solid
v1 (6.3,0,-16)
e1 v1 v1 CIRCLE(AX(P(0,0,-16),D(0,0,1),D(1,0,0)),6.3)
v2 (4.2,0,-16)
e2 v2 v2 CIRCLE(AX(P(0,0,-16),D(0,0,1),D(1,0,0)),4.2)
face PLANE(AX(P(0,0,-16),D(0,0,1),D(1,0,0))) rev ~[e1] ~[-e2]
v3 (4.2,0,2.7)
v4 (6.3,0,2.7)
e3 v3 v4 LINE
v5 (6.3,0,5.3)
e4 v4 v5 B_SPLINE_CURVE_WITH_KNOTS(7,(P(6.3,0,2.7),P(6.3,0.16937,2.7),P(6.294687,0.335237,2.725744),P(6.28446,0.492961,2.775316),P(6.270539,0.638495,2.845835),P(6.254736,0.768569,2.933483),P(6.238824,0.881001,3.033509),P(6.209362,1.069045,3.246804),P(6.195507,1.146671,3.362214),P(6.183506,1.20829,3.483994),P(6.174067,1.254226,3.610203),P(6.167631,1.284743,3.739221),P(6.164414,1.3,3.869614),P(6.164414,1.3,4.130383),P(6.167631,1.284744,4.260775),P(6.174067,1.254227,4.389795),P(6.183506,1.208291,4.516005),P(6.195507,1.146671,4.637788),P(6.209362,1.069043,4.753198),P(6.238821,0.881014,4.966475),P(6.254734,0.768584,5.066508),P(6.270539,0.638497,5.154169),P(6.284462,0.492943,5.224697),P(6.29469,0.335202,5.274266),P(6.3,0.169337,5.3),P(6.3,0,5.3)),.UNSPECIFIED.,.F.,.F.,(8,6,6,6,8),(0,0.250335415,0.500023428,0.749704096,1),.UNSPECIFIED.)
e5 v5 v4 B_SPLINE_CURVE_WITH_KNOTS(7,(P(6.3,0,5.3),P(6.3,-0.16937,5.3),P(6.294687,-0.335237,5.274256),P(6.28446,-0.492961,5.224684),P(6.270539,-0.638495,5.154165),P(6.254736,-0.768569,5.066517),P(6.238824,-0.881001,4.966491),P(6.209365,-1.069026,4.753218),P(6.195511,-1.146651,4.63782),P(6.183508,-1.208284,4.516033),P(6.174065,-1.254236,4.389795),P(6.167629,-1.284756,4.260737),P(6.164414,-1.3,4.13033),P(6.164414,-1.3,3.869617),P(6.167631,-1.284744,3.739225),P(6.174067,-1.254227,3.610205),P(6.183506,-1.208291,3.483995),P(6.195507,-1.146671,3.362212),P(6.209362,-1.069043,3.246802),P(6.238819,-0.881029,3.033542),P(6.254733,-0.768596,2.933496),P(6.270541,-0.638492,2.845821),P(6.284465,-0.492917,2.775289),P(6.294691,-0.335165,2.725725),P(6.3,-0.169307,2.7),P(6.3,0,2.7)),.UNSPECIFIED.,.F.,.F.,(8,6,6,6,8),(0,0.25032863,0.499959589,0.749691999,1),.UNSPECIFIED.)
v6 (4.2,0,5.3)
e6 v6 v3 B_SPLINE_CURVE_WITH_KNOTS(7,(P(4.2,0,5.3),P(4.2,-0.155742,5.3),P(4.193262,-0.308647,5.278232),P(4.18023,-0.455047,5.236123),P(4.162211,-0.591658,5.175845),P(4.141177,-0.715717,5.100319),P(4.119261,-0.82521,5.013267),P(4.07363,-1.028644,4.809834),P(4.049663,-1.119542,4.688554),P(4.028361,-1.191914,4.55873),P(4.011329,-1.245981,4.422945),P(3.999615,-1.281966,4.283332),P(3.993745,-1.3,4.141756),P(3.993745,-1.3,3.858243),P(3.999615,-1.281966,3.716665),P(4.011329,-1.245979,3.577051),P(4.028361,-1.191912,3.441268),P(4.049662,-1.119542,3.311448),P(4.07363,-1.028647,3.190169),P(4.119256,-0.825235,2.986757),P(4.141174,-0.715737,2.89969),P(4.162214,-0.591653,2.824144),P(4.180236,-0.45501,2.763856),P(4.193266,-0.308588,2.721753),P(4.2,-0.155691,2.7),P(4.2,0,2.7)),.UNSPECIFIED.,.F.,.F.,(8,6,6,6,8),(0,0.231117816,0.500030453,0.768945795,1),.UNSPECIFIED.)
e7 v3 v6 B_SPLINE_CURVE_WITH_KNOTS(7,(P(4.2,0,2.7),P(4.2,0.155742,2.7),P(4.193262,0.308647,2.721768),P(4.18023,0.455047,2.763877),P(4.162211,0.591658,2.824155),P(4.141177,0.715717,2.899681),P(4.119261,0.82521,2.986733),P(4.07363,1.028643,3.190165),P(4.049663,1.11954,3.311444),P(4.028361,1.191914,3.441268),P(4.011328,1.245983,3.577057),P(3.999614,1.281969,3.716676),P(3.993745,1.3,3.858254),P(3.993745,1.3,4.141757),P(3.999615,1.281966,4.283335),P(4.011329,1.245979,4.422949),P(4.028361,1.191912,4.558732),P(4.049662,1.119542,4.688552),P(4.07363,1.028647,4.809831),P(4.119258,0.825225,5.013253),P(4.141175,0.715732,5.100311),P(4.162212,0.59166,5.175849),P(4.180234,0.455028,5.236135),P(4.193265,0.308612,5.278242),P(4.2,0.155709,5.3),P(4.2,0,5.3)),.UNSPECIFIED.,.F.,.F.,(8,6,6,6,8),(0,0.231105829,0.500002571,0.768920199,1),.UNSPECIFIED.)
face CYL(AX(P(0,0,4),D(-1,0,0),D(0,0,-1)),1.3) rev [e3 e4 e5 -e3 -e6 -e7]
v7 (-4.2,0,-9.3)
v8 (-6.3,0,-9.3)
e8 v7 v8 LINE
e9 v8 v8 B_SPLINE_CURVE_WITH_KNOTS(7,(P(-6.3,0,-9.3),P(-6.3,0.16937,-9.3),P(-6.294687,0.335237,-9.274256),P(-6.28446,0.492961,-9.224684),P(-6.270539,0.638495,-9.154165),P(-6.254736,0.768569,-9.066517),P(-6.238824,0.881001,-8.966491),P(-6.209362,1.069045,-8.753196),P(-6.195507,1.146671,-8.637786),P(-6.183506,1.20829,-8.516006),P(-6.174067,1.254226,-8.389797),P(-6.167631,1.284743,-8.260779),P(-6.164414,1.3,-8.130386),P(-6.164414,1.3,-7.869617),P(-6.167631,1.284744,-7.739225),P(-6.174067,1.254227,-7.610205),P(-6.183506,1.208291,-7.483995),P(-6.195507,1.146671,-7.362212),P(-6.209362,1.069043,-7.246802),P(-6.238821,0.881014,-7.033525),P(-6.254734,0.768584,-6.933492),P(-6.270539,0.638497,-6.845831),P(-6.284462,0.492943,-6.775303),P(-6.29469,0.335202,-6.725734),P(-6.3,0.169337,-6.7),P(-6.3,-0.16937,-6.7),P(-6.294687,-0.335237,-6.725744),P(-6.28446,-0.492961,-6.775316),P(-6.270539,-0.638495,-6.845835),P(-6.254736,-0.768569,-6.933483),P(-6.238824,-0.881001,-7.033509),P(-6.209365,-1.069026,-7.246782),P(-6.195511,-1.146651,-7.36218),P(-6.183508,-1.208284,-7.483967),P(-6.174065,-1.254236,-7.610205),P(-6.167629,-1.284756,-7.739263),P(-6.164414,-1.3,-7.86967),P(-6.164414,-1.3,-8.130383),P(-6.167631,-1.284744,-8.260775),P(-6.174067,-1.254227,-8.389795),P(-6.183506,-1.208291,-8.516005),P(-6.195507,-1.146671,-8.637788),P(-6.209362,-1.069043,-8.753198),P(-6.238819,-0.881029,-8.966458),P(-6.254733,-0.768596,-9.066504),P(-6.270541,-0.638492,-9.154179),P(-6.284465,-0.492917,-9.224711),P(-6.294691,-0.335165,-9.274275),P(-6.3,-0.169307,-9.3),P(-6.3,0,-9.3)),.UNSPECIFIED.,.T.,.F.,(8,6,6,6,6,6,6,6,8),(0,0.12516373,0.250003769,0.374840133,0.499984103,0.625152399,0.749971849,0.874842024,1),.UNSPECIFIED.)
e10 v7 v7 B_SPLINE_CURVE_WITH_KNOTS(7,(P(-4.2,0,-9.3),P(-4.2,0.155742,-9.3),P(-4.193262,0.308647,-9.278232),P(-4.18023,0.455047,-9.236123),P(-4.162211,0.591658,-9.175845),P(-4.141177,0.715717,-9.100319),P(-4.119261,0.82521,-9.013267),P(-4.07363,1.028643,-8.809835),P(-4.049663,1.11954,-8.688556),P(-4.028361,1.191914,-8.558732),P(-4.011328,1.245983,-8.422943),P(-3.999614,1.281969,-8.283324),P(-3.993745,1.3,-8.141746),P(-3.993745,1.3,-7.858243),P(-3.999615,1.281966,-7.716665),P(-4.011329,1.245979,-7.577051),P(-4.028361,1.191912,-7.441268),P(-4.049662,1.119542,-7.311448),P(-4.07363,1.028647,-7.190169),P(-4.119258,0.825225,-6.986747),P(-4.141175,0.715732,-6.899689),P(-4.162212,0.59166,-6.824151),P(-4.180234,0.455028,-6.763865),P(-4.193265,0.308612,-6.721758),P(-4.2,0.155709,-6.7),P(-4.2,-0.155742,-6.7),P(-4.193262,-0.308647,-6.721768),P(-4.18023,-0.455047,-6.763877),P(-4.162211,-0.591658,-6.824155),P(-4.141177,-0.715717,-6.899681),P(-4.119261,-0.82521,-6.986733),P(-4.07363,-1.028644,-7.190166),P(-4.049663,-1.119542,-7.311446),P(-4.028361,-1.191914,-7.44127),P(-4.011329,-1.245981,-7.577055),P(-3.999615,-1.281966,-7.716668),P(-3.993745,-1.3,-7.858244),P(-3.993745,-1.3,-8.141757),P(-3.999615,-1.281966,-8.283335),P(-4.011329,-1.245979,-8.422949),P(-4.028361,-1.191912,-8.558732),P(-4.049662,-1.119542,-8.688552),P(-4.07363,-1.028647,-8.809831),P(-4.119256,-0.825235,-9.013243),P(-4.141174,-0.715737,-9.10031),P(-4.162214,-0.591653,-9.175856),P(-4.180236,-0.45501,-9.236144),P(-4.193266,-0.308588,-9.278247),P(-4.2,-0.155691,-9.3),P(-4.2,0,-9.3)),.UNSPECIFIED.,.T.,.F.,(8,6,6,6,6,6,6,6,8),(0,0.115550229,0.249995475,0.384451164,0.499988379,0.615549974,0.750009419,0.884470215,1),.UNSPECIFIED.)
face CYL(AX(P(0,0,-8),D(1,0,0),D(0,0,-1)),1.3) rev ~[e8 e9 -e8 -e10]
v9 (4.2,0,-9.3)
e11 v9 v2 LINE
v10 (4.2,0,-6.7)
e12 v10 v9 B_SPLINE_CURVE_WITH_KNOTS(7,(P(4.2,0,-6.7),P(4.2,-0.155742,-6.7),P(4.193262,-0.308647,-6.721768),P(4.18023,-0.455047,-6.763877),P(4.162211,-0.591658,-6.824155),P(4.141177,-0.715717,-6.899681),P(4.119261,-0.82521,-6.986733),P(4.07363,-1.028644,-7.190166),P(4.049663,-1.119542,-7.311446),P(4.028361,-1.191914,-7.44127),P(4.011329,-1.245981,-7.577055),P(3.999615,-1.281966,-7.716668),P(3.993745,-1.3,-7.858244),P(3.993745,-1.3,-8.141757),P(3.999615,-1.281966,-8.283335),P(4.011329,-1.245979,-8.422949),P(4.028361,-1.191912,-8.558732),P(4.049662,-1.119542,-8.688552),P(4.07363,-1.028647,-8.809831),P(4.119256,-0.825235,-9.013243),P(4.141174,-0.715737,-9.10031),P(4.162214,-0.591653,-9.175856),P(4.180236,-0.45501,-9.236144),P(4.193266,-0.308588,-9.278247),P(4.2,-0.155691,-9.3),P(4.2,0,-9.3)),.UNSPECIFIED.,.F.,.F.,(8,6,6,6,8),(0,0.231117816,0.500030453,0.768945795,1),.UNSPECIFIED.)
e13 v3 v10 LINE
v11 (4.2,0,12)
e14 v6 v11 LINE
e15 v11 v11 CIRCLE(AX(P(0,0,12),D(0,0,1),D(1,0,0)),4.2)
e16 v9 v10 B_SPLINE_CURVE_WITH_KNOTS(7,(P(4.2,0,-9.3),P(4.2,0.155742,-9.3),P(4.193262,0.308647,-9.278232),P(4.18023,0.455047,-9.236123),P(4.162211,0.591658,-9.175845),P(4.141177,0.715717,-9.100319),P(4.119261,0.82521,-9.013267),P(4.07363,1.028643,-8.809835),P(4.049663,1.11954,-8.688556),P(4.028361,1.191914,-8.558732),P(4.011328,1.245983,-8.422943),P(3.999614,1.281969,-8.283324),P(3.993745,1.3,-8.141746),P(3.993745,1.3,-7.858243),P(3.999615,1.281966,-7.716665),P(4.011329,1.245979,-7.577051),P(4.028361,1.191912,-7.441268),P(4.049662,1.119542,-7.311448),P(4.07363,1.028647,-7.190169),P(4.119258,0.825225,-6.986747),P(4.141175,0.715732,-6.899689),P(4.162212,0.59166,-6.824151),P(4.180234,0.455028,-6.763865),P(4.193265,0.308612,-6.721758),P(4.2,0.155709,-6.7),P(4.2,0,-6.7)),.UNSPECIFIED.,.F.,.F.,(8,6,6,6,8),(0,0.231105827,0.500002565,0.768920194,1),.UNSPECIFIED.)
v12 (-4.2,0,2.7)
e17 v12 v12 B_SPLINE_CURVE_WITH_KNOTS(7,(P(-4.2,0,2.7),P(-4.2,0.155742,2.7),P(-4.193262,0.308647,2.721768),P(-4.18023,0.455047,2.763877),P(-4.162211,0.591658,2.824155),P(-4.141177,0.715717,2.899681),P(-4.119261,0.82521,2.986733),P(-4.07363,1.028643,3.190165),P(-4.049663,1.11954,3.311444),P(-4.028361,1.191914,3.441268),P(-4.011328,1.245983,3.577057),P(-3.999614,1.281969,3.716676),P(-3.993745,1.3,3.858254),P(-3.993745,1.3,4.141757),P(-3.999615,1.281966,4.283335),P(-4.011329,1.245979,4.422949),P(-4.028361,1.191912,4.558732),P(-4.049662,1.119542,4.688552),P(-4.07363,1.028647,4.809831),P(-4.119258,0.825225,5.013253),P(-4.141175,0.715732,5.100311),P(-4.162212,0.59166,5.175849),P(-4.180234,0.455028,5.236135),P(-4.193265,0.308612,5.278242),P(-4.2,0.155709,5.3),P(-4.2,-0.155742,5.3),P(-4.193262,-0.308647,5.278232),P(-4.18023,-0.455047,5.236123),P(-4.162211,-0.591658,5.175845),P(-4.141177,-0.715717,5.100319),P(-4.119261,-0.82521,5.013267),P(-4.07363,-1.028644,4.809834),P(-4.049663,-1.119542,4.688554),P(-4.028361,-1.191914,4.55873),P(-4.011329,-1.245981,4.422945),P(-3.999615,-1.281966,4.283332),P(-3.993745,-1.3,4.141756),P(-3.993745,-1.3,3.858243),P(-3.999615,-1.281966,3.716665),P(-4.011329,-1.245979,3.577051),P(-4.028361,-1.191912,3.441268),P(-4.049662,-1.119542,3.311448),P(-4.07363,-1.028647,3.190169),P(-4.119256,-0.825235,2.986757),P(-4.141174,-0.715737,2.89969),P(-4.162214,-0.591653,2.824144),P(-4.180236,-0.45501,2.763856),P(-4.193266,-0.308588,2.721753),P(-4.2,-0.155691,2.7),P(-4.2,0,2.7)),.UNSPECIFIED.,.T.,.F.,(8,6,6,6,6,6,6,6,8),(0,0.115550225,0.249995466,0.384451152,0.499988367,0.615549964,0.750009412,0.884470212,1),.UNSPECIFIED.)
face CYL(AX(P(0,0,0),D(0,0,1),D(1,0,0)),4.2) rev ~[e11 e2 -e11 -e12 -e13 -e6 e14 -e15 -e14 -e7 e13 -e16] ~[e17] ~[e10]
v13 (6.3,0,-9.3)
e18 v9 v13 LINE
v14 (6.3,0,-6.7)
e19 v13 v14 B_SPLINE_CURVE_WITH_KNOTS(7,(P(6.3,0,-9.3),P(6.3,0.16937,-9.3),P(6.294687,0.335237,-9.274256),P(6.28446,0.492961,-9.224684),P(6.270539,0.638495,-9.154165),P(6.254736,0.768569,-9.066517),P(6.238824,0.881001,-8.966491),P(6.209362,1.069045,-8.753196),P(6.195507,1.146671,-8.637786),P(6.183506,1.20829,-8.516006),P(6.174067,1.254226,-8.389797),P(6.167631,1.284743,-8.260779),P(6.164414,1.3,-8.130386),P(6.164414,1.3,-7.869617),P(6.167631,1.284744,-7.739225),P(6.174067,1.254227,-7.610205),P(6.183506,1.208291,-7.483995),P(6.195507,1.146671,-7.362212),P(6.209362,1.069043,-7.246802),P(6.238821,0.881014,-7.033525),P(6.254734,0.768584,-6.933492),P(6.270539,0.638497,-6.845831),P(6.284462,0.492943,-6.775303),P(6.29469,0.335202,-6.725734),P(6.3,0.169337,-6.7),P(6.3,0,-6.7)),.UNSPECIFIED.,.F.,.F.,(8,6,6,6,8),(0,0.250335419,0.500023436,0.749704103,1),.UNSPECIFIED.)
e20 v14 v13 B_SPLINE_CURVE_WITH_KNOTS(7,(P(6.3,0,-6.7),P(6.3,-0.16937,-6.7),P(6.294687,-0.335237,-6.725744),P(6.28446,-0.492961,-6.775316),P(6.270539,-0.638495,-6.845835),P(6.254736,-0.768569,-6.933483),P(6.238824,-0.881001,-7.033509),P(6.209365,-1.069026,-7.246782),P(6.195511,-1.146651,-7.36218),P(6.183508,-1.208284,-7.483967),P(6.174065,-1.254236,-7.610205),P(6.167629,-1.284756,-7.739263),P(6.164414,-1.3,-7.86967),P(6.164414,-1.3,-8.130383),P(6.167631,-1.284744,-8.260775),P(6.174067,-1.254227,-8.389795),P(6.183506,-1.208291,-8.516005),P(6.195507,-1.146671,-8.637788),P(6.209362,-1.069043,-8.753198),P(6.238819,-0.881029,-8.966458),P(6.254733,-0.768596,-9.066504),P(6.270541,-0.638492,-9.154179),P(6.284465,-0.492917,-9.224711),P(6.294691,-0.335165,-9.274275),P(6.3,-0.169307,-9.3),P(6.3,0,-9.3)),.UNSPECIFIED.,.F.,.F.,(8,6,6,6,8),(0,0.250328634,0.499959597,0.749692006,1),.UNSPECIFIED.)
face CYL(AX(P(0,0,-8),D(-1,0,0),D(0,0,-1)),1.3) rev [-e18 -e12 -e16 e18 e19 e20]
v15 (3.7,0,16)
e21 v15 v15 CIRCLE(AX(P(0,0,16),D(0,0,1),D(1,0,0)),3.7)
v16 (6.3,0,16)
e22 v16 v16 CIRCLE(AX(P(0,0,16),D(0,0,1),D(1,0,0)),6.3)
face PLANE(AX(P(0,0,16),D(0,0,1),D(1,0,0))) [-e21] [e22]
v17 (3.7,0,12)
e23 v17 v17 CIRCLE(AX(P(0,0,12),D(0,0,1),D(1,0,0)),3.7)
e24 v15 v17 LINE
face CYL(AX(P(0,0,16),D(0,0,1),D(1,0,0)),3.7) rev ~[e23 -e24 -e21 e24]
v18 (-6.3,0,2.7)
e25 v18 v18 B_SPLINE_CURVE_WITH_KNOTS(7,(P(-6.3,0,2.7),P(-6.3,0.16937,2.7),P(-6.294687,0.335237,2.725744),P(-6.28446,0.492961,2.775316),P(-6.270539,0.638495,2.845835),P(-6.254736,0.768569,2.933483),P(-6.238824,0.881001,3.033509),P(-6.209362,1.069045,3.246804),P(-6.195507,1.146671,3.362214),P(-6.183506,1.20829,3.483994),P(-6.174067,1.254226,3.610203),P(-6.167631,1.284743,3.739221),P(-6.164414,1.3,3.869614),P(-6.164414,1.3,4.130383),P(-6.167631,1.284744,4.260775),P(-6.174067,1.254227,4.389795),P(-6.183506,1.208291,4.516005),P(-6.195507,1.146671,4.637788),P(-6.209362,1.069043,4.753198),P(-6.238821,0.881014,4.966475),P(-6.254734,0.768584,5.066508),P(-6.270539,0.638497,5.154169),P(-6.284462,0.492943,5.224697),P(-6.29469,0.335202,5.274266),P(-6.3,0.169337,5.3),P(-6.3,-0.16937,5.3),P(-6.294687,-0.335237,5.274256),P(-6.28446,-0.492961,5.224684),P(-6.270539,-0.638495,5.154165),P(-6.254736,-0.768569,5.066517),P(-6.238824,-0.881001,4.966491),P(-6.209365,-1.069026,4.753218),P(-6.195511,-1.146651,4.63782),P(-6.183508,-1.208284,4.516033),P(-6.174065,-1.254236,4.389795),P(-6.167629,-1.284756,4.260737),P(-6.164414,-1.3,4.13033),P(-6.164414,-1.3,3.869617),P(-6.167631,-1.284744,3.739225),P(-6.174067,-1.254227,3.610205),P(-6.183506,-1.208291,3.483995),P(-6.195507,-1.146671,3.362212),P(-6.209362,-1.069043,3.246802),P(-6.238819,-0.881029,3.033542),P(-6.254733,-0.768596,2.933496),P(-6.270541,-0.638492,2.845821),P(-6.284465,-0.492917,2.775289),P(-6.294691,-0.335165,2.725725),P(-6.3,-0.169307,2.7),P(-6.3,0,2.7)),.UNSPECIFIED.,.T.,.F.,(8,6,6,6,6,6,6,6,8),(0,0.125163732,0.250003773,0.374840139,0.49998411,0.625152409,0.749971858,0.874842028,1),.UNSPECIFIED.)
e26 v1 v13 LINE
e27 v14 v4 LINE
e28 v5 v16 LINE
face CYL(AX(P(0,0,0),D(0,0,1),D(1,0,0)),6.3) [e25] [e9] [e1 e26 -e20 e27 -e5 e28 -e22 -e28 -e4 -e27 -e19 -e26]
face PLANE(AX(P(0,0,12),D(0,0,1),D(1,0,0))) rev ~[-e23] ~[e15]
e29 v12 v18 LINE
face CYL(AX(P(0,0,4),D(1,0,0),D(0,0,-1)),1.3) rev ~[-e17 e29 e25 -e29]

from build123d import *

# Parameters (mm, degrees)
BOSS_EXTRUDE1_DEPTH      = 16
BOSS_EXTRUDE1_DEPTH_BACK = 16
SKETCH1_R                = 6.3
SKETCH1_R_2              = 4.2
CUT_EXTRUDE1_DEPTH       = 14
CUT_EXTRUDE1_DEPTH_BACK  = 10
SKETCH2_R                = 1.3
SKETCH3_R                = 4.2
SKETCH3_R_2              = 3.7
BOSS_EXTRUDE2_DEPTH      = 4


with BuildPart() as part:
    # Sketch1 → Boss-Extrude1 (new, two sides: drawn at the far end of the back side and taken through both)
    with BuildSketch(Plane.XY.offset(-BOSS_EXTRUDE1_DEPTH_BACK)):
        Circle(SKETCH1_R)
        Circle(SKETCH1_R_2, mode=Mode.SUBTRACT)
    extrude(amount=BOSS_EXTRUDE1_DEPTH + BOSS_EXTRUDE1_DEPTH_BACK)

    # Sketch2 → Cut-Extrude1 (cut, two sides: drawn at the far end of the back side and taken through both)
    with BuildSketch(Plane(origin=(0, 0, 0), x_dir=(0, 0, -1), z_dir=(1, 0, 0)).offset(-CUT_EXTRUDE1_DEPTH_BACK)):
        with Locations((-4, 0)):
            Circle(SKETCH2_R)
        with Locations((8, 0)):
            Circle(SKETCH2_R)
    extrude(amount=CUT_EXTRUDE1_DEPTH + CUT_EXTRUDE1_DEPTH_BACK, mode=Mode.SUBTRACT)

    # Sketch3 → Boss-Extrude2 (add)
    with BuildSketch(Plane.XY.offset(16)):
        Circle(SKETCH3_R)
        Circle(SKETCH3_R_2, mode=Mode.SUBTRACT)
    extrude(amount=-BOSS_EXTRUDE2_DEPTH)


solid = part.part
